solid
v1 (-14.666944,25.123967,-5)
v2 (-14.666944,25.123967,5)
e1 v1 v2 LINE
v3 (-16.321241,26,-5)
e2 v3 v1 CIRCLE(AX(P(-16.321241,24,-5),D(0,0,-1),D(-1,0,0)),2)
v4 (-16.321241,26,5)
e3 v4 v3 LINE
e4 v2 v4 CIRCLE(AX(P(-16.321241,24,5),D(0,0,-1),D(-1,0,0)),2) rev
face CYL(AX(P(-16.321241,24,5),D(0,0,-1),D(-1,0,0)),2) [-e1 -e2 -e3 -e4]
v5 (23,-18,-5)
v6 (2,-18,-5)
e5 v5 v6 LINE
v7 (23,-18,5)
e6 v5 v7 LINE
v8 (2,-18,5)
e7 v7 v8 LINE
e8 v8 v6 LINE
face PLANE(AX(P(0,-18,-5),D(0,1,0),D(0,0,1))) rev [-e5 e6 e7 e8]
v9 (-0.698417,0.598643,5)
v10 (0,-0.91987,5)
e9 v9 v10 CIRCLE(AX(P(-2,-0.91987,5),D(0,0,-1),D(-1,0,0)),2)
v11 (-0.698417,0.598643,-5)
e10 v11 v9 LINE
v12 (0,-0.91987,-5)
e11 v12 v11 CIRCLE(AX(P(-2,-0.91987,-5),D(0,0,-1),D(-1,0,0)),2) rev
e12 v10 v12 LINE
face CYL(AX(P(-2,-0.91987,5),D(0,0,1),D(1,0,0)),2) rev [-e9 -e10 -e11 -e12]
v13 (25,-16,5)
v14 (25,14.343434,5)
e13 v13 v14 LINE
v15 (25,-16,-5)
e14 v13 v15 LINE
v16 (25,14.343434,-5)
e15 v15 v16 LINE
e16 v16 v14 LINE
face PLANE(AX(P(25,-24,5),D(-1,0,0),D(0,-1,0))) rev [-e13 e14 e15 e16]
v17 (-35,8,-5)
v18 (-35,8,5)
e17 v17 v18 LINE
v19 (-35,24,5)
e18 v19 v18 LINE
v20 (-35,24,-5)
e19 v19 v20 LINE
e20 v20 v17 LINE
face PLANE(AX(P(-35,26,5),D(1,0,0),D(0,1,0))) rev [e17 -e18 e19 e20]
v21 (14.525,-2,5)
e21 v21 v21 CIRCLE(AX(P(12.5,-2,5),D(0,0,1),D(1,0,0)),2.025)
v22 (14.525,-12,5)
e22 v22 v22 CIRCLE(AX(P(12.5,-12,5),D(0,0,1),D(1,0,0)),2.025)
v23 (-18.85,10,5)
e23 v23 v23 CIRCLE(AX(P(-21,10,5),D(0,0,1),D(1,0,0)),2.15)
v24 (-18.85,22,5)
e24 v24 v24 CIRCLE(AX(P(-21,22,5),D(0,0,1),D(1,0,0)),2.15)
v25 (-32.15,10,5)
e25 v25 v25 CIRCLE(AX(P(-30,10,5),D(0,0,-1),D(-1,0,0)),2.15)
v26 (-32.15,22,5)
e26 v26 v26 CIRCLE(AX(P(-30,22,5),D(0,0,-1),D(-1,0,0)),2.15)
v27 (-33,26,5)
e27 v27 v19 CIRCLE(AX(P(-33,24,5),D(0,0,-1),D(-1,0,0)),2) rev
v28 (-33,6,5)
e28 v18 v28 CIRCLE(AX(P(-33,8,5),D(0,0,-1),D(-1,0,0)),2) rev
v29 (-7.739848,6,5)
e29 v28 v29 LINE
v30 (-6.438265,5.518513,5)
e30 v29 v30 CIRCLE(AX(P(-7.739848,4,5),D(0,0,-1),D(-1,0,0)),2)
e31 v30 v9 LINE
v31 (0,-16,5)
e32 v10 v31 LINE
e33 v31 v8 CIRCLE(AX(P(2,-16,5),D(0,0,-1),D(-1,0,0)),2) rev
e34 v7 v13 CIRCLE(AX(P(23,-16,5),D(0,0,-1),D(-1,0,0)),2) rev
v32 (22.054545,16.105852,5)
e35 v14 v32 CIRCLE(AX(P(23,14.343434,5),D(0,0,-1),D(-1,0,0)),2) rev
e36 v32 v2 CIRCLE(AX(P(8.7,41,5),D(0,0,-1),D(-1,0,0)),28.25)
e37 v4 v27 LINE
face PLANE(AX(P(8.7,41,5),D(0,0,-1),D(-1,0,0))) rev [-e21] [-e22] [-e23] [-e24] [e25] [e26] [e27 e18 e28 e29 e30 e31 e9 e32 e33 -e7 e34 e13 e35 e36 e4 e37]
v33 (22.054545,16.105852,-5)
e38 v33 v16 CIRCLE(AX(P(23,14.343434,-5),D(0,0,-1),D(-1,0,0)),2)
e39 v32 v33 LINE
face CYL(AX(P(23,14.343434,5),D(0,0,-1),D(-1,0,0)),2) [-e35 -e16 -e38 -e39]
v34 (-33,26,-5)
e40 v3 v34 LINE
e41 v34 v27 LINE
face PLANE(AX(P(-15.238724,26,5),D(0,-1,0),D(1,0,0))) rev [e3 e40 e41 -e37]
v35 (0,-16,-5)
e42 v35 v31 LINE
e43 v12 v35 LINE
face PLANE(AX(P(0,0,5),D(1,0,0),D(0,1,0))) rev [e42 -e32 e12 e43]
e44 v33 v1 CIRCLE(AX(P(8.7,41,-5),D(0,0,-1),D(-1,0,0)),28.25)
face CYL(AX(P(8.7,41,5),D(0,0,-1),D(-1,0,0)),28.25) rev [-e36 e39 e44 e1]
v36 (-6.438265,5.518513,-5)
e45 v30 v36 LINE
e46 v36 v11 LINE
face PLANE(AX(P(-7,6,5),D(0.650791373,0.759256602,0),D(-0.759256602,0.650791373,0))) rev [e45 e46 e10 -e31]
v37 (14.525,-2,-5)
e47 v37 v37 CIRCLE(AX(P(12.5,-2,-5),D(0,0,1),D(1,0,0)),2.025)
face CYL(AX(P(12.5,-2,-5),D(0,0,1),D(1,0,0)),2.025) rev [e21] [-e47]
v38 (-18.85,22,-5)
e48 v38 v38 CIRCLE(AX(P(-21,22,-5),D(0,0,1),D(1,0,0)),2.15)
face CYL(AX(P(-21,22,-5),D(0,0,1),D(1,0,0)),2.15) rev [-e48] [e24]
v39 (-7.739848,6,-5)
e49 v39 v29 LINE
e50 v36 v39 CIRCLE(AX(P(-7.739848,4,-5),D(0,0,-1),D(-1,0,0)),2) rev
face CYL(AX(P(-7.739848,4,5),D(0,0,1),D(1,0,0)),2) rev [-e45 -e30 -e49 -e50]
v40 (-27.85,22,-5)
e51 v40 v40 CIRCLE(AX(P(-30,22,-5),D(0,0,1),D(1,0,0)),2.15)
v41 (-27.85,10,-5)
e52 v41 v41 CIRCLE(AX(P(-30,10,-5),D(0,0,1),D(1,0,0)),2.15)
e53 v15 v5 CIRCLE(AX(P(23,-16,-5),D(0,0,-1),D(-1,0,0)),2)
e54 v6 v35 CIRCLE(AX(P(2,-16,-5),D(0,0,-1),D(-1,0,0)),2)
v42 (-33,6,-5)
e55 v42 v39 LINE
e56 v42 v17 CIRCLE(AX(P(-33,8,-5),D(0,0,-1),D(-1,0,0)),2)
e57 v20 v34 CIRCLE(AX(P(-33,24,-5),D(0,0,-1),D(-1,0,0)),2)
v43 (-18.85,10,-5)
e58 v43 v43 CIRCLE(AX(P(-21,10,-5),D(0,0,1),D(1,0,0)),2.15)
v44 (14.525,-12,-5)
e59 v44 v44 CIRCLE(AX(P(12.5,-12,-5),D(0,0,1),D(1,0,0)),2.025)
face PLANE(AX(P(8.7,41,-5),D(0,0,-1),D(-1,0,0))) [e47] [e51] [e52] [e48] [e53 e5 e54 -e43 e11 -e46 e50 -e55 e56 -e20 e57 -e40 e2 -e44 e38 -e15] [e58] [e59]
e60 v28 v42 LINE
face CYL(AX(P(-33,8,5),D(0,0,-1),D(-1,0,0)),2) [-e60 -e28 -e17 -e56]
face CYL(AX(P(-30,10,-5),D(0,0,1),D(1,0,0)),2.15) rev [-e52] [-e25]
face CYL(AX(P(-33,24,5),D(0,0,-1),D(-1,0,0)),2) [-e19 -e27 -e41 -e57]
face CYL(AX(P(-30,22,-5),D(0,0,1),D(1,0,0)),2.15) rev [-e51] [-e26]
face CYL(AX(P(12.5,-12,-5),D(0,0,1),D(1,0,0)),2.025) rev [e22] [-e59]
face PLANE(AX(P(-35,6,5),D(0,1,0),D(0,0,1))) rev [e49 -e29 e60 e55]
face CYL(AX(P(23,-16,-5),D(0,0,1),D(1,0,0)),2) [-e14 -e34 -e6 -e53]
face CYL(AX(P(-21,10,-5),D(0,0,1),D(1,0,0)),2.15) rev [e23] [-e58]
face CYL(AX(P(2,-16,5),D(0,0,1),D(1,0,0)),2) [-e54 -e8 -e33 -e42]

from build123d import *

# Parameters (mm, degrees)
EXTRUDE_1_DEPTH          = 5
FILLET_1_R               = 2
FILLET_2_R               = 2
SKETCH_2_R               = 2.025
CUT_EXTRUDE_1_DEPTH      = 11
SKETCH_3_W               = 25
SKETCH_3_H               = 6
CUT_EXTRUDE_2_DEPTH      = 11
FILLET_3_R               = 2
SKETCH_4_R               = 2.15
CUT_EXTRUDE_3_DEPTH      = 1
CUT_EXTRUDE_3_DEPTH_BACK = 11
SKETCH_5_R               = 2.15
CUT_EXTRUDE_4_DEPTH      = 1
CUT_EXTRUDE_4_DEPTH_BACK = 11


with BuildPart() as part:
    # 草图1 → 凸台-拉伸1 (new body, symmetric)
    with BuildSketch(Plane.XY):
        with BuildLine():
            Line((0, 0), (0, -24))
            Line((0, -24), (25, -24))
            Line((25, -24), (25, 17.926801262))
            ThreePointArc((25, 17.926801262), (3.142873043, 13.301970467), (-15.238723859, 26))
            Line((-15.238723859, 26), (-35, 26))
            Line((-35, 26), (-35, 6))
            Line((-35, 6), (-7, 6))
            Line((-7, 6), (0, 0))
        make_face()
    extrude(amount=EXTRUDE_1_DEPTH, both=True)

    # 圆角1
    fillet_1_edges = [part.edges().sort_by_distance(p)[0] for p in [
        (-7, 6, 0),
        (-35, 6, 0),
        (-35, 26, 0),
        (25, -24, 0),
        (0, -24, 0),
        (0, 0, 0),
    ]]
    fillet(fillet_1_edges, radius=FILLET_1_R)

    # 圆角2
    fillet_2_edges = [part.edges().sort_by_distance(p)[0] for p in [
        (-15.238723859, 26, 0),
        (25, 17.926801262, 0),
    ]]
    fillet(fillet_2_edges, radius=FILLET_2_R)

    # 草图2 → 切除-拉伸1 (cut, through all)
    with BuildSketch(Plane.XY.offset(5)):
        with Locations((12.5, -2)):
            Circle(SKETCH_2_R)
        with Locations((12.5, -12)):
            Circle(SKETCH_2_R)
    extrude(amount=-CUT_EXTRUDE_1_DEPTH, mode=Mode.SUBTRACT)

    # 草图3 → 切除-拉伸2 (cut, through all)
    with BuildSketch(Plane.XY.offset(5)):
        with Locations((12.5, -21)):
            Rectangle(SKETCH_3_W, SKETCH_3_H)
    extrude(amount=-CUT_EXTRUDE_2_DEPTH, mode=Mode.SUBTRACT)

    # 圆角3
    fillet_3_edges = [part.edges().sort_by_distance(p)[0] for p in [
        (0, -18, 0),
        (25, -18, 0),
    ]]
    fillet(fillet_3_edges, radius=FILLET_3_R)

    # 草图4 → 切除-拉伸3 (cut, two sides)
    with BuildSketch(Plane.XY.offset(5)) as cut_extrude_3_sk:
        with Locations((-30, 22)):
            Circle(SKETCH_4_R)
        with Locations((-30, 10)):
            Circle(SKETCH_4_R)
    extrude(amount=CUT_EXTRUDE_3_DEPTH, mode=Mode.SUBTRACT)
    extrude(cut_extrude_3_sk.sketch, amount=-CUT_EXTRUDE_3_DEPTH_BACK, mode=Mode.SUBTRACT)

    # 草图5 → 切除-拉伸4 (cut, two sides)
    with BuildSketch(Plane.XY.offset(5)) as cut_extrude_4_sk:
        with Locations((-21, 10)):
            Circle(SKETCH_5_R)
        with Locations((-21, 22)):
            Circle(SKETCH_5_R)
    extrude(amount=CUT_EXTRUDE_4_DEPTH, mode=Mode.SUBTRACT)
    extrude(cut_extrude_4_sk.sketch, amount=-CUT_EXTRUDE_4_DEPTH_BACK, mode=Mode.SUBTRACT)


solid = part.part
